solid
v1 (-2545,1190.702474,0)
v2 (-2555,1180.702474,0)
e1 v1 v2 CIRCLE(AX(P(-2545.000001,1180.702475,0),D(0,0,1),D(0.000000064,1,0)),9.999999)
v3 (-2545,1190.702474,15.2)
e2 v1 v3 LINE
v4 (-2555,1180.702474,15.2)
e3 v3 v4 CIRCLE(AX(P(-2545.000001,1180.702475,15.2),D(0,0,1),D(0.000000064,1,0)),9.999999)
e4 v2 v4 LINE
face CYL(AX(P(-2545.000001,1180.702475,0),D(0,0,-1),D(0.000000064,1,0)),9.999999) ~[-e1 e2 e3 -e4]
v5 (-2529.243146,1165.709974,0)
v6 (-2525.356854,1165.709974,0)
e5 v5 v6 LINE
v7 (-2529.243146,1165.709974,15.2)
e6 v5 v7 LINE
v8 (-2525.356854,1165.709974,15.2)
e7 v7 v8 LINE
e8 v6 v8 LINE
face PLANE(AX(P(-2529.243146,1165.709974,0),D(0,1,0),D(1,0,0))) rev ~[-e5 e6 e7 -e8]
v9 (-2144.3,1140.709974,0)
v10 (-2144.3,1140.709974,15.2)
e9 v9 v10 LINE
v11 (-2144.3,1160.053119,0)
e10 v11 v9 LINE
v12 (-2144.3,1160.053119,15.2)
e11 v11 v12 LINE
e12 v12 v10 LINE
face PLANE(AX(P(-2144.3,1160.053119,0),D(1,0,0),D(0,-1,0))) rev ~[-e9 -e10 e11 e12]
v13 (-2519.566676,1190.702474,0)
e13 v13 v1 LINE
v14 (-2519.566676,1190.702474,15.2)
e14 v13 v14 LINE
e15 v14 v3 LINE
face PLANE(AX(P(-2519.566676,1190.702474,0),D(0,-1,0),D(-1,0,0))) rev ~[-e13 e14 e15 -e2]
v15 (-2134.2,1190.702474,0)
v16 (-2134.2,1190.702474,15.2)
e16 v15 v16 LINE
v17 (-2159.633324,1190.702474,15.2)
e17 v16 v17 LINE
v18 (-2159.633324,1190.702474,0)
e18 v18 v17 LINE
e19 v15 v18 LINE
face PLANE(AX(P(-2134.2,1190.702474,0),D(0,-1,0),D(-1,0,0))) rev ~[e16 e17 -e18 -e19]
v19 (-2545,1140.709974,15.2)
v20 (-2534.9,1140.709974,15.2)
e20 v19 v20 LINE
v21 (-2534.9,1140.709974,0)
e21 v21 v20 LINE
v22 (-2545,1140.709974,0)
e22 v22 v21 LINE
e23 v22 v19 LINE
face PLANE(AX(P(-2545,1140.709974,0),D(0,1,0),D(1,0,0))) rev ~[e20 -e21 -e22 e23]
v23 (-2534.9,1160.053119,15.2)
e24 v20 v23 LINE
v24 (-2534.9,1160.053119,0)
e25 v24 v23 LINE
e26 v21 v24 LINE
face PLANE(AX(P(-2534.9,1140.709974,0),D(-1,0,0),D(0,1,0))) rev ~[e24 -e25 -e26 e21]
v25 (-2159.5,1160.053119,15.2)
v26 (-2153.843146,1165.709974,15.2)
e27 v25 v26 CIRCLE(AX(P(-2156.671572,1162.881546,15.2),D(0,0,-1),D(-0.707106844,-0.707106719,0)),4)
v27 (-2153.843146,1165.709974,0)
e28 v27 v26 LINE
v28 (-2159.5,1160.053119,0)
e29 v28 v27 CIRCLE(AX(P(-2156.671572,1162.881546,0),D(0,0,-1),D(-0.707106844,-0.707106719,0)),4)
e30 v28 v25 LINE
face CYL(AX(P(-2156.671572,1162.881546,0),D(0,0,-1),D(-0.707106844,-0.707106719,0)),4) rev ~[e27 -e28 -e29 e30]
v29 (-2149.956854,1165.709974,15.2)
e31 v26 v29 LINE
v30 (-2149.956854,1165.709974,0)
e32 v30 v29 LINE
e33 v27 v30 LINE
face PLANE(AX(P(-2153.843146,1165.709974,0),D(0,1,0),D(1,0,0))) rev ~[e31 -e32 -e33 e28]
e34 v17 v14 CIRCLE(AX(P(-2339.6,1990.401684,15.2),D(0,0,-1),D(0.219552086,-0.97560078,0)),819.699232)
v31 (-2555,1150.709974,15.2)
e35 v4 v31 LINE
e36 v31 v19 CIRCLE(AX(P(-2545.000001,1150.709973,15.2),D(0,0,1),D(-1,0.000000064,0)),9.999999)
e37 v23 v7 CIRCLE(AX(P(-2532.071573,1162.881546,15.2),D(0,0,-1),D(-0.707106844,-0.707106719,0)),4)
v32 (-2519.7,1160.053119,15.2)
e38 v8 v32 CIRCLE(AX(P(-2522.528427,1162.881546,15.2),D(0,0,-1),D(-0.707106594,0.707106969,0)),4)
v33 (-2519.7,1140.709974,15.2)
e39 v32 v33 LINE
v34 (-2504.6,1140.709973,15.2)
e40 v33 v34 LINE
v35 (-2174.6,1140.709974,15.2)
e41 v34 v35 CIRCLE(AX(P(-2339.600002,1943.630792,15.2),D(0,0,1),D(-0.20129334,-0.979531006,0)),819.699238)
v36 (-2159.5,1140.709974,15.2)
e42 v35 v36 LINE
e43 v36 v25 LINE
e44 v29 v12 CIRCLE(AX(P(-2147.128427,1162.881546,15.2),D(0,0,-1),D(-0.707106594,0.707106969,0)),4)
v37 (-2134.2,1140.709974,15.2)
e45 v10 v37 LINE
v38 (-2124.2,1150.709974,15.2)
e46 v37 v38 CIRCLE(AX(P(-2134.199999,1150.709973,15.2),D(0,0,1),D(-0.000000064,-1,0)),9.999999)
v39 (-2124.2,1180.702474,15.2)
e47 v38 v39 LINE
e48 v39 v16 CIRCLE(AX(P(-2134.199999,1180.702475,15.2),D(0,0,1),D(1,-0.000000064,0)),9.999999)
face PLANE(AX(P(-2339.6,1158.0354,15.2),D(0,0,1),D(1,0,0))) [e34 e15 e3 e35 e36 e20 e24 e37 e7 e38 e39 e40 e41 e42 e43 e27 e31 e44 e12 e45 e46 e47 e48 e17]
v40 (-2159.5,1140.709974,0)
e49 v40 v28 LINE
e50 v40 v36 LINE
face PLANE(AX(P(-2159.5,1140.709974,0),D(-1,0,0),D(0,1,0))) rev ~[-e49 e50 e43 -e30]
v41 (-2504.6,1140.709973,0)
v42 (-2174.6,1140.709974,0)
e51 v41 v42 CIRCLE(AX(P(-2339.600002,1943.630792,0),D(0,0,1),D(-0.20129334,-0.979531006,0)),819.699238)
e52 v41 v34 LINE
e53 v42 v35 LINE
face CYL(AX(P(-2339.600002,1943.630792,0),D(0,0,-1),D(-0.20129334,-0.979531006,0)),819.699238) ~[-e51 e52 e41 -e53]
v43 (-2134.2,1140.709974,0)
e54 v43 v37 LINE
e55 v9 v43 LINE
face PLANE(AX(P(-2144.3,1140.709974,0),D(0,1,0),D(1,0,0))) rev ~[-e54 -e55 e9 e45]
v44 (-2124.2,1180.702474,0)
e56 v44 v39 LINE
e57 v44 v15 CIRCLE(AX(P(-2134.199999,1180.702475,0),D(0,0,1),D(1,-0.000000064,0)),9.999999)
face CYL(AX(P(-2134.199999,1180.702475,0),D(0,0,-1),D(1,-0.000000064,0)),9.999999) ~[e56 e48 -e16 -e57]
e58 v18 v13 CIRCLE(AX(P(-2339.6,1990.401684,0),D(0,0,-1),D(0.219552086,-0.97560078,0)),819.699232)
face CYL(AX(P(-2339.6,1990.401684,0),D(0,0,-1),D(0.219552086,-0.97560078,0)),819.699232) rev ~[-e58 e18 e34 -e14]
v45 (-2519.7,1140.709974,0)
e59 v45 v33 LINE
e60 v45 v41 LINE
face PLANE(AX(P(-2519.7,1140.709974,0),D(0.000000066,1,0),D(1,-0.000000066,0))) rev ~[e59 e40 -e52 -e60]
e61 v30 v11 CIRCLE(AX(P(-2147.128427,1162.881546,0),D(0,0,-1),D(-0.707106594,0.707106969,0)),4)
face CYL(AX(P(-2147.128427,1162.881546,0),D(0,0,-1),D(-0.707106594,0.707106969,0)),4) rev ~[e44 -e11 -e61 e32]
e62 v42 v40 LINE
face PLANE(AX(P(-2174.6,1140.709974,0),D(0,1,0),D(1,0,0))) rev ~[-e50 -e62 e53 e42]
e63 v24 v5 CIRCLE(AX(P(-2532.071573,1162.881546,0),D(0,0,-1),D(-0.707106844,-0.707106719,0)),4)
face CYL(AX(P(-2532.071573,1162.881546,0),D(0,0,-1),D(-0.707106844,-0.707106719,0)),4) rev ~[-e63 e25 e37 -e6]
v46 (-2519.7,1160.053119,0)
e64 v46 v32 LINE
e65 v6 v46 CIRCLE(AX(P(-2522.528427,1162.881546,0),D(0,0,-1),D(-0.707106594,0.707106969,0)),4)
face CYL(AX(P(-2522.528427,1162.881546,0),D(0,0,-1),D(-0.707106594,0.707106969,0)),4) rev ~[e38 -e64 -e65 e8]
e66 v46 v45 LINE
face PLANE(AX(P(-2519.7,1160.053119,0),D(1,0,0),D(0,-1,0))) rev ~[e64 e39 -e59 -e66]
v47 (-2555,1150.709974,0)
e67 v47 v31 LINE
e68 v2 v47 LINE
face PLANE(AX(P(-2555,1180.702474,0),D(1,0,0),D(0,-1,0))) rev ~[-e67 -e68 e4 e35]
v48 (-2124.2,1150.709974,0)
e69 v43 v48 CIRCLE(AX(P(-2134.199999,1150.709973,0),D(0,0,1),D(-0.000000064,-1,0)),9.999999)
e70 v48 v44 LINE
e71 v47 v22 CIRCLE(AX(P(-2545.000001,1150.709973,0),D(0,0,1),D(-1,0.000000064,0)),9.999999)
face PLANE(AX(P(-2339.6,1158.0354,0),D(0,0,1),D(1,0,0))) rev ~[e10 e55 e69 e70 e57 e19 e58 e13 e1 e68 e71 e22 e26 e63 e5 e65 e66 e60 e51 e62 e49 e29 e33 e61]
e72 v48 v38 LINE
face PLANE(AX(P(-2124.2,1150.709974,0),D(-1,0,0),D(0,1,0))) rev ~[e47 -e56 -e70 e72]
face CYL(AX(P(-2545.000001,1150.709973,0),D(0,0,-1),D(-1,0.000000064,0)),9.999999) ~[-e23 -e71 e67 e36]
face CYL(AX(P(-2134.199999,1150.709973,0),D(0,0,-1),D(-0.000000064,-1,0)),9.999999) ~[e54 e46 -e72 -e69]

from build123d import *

# Parameters (mm, degrees)
F2_DEPTH = 15.2


with BuildPart() as f2:
    # F1 (on face) → F2 (new body)
    with BuildSketch(Plane.XY):
        with BuildLine():
            ThreePointArc((-2545, 1190.702474), (-2552.071068, 1187.773542), (-2555, 1180.702474))
            Line((-2555, 1180.702474), (-2555, 1150.709974))
            ThreePointArc((-2555, 1150.709974), (-2552.071068, 1143.638906), (-2545, 1140.709974))
            Line((-2545, 1140.709974), (-2534.9, 1140.709974))
            Line((-2534.9, 1140.709974), (-2534.9, 1160.053119))
            ThreePointArc((-2534.9, 1160.053119), (-2534.9, 1165.709973), (-2529.243146, 1165.709974))
            Line((-2529.243146, 1165.709974), (-2525.356854, 1165.709974))
            ThreePointArc((-2525.356854, 1165.709974), (-2519.7, 1165.709973), (-2519.7, 1160.053119))
            Line((-2519.7, 1160.053119), (-2519.7, 1140.709974))
            Line((-2519.7, 1140.709974), (-2504.6, 1140.709973))
            ThreePointArc((-2504.6, 1140.709973), (-2339.6, 1123.931554), (-2174.6, 1140.709974))
            Line((-2174.6, 1140.709974), (-2159.5, 1140.709974))
            Line((-2159.5, 1140.709974), (-2159.5, 1160.053119))
            ThreePointArc((-2159.5, 1160.053119), (-2159.5, 1165.709973), (-2153.843146, 1165.709974))
            Line((-2153.843146, 1165.709974), (-2149.956854, 1165.709974))
            ThreePointArc((-2149.956854, 1165.709974), (-2144.3, 1165.709973), (-2144.3, 1160.053119))
            Line((-2144.3, 1160.053119), (-2144.3, 1140.709974))
            Line((-2144.3, 1140.709974), (-2134.2, 1140.709974))
            ThreePointArc((-2134.2, 1140.709974), (-2127.128932, 1143.638906), (-2124.2, 1150.709974))
            Line((-2124.2, 1150.709974), (-2124.2, 1180.702474))
            ThreePointArc((-2124.2, 1180.702474), (-2127.128932, 1187.773542), (-2134.2, 1190.702474))
            Line((-2134.2, 1190.702474), (-2159.633324, 1190.702474))
            ThreePointArc((-2159.633324, 1190.702474), (-2339.6, 1170.702452), (-2519.566676, 1190.702474))
            Line((-2519.566676, 1190.702474), (-2545, 1190.702474))
        make_face()
    extrude(amount=F2_DEPTH)


solid = f2.part
